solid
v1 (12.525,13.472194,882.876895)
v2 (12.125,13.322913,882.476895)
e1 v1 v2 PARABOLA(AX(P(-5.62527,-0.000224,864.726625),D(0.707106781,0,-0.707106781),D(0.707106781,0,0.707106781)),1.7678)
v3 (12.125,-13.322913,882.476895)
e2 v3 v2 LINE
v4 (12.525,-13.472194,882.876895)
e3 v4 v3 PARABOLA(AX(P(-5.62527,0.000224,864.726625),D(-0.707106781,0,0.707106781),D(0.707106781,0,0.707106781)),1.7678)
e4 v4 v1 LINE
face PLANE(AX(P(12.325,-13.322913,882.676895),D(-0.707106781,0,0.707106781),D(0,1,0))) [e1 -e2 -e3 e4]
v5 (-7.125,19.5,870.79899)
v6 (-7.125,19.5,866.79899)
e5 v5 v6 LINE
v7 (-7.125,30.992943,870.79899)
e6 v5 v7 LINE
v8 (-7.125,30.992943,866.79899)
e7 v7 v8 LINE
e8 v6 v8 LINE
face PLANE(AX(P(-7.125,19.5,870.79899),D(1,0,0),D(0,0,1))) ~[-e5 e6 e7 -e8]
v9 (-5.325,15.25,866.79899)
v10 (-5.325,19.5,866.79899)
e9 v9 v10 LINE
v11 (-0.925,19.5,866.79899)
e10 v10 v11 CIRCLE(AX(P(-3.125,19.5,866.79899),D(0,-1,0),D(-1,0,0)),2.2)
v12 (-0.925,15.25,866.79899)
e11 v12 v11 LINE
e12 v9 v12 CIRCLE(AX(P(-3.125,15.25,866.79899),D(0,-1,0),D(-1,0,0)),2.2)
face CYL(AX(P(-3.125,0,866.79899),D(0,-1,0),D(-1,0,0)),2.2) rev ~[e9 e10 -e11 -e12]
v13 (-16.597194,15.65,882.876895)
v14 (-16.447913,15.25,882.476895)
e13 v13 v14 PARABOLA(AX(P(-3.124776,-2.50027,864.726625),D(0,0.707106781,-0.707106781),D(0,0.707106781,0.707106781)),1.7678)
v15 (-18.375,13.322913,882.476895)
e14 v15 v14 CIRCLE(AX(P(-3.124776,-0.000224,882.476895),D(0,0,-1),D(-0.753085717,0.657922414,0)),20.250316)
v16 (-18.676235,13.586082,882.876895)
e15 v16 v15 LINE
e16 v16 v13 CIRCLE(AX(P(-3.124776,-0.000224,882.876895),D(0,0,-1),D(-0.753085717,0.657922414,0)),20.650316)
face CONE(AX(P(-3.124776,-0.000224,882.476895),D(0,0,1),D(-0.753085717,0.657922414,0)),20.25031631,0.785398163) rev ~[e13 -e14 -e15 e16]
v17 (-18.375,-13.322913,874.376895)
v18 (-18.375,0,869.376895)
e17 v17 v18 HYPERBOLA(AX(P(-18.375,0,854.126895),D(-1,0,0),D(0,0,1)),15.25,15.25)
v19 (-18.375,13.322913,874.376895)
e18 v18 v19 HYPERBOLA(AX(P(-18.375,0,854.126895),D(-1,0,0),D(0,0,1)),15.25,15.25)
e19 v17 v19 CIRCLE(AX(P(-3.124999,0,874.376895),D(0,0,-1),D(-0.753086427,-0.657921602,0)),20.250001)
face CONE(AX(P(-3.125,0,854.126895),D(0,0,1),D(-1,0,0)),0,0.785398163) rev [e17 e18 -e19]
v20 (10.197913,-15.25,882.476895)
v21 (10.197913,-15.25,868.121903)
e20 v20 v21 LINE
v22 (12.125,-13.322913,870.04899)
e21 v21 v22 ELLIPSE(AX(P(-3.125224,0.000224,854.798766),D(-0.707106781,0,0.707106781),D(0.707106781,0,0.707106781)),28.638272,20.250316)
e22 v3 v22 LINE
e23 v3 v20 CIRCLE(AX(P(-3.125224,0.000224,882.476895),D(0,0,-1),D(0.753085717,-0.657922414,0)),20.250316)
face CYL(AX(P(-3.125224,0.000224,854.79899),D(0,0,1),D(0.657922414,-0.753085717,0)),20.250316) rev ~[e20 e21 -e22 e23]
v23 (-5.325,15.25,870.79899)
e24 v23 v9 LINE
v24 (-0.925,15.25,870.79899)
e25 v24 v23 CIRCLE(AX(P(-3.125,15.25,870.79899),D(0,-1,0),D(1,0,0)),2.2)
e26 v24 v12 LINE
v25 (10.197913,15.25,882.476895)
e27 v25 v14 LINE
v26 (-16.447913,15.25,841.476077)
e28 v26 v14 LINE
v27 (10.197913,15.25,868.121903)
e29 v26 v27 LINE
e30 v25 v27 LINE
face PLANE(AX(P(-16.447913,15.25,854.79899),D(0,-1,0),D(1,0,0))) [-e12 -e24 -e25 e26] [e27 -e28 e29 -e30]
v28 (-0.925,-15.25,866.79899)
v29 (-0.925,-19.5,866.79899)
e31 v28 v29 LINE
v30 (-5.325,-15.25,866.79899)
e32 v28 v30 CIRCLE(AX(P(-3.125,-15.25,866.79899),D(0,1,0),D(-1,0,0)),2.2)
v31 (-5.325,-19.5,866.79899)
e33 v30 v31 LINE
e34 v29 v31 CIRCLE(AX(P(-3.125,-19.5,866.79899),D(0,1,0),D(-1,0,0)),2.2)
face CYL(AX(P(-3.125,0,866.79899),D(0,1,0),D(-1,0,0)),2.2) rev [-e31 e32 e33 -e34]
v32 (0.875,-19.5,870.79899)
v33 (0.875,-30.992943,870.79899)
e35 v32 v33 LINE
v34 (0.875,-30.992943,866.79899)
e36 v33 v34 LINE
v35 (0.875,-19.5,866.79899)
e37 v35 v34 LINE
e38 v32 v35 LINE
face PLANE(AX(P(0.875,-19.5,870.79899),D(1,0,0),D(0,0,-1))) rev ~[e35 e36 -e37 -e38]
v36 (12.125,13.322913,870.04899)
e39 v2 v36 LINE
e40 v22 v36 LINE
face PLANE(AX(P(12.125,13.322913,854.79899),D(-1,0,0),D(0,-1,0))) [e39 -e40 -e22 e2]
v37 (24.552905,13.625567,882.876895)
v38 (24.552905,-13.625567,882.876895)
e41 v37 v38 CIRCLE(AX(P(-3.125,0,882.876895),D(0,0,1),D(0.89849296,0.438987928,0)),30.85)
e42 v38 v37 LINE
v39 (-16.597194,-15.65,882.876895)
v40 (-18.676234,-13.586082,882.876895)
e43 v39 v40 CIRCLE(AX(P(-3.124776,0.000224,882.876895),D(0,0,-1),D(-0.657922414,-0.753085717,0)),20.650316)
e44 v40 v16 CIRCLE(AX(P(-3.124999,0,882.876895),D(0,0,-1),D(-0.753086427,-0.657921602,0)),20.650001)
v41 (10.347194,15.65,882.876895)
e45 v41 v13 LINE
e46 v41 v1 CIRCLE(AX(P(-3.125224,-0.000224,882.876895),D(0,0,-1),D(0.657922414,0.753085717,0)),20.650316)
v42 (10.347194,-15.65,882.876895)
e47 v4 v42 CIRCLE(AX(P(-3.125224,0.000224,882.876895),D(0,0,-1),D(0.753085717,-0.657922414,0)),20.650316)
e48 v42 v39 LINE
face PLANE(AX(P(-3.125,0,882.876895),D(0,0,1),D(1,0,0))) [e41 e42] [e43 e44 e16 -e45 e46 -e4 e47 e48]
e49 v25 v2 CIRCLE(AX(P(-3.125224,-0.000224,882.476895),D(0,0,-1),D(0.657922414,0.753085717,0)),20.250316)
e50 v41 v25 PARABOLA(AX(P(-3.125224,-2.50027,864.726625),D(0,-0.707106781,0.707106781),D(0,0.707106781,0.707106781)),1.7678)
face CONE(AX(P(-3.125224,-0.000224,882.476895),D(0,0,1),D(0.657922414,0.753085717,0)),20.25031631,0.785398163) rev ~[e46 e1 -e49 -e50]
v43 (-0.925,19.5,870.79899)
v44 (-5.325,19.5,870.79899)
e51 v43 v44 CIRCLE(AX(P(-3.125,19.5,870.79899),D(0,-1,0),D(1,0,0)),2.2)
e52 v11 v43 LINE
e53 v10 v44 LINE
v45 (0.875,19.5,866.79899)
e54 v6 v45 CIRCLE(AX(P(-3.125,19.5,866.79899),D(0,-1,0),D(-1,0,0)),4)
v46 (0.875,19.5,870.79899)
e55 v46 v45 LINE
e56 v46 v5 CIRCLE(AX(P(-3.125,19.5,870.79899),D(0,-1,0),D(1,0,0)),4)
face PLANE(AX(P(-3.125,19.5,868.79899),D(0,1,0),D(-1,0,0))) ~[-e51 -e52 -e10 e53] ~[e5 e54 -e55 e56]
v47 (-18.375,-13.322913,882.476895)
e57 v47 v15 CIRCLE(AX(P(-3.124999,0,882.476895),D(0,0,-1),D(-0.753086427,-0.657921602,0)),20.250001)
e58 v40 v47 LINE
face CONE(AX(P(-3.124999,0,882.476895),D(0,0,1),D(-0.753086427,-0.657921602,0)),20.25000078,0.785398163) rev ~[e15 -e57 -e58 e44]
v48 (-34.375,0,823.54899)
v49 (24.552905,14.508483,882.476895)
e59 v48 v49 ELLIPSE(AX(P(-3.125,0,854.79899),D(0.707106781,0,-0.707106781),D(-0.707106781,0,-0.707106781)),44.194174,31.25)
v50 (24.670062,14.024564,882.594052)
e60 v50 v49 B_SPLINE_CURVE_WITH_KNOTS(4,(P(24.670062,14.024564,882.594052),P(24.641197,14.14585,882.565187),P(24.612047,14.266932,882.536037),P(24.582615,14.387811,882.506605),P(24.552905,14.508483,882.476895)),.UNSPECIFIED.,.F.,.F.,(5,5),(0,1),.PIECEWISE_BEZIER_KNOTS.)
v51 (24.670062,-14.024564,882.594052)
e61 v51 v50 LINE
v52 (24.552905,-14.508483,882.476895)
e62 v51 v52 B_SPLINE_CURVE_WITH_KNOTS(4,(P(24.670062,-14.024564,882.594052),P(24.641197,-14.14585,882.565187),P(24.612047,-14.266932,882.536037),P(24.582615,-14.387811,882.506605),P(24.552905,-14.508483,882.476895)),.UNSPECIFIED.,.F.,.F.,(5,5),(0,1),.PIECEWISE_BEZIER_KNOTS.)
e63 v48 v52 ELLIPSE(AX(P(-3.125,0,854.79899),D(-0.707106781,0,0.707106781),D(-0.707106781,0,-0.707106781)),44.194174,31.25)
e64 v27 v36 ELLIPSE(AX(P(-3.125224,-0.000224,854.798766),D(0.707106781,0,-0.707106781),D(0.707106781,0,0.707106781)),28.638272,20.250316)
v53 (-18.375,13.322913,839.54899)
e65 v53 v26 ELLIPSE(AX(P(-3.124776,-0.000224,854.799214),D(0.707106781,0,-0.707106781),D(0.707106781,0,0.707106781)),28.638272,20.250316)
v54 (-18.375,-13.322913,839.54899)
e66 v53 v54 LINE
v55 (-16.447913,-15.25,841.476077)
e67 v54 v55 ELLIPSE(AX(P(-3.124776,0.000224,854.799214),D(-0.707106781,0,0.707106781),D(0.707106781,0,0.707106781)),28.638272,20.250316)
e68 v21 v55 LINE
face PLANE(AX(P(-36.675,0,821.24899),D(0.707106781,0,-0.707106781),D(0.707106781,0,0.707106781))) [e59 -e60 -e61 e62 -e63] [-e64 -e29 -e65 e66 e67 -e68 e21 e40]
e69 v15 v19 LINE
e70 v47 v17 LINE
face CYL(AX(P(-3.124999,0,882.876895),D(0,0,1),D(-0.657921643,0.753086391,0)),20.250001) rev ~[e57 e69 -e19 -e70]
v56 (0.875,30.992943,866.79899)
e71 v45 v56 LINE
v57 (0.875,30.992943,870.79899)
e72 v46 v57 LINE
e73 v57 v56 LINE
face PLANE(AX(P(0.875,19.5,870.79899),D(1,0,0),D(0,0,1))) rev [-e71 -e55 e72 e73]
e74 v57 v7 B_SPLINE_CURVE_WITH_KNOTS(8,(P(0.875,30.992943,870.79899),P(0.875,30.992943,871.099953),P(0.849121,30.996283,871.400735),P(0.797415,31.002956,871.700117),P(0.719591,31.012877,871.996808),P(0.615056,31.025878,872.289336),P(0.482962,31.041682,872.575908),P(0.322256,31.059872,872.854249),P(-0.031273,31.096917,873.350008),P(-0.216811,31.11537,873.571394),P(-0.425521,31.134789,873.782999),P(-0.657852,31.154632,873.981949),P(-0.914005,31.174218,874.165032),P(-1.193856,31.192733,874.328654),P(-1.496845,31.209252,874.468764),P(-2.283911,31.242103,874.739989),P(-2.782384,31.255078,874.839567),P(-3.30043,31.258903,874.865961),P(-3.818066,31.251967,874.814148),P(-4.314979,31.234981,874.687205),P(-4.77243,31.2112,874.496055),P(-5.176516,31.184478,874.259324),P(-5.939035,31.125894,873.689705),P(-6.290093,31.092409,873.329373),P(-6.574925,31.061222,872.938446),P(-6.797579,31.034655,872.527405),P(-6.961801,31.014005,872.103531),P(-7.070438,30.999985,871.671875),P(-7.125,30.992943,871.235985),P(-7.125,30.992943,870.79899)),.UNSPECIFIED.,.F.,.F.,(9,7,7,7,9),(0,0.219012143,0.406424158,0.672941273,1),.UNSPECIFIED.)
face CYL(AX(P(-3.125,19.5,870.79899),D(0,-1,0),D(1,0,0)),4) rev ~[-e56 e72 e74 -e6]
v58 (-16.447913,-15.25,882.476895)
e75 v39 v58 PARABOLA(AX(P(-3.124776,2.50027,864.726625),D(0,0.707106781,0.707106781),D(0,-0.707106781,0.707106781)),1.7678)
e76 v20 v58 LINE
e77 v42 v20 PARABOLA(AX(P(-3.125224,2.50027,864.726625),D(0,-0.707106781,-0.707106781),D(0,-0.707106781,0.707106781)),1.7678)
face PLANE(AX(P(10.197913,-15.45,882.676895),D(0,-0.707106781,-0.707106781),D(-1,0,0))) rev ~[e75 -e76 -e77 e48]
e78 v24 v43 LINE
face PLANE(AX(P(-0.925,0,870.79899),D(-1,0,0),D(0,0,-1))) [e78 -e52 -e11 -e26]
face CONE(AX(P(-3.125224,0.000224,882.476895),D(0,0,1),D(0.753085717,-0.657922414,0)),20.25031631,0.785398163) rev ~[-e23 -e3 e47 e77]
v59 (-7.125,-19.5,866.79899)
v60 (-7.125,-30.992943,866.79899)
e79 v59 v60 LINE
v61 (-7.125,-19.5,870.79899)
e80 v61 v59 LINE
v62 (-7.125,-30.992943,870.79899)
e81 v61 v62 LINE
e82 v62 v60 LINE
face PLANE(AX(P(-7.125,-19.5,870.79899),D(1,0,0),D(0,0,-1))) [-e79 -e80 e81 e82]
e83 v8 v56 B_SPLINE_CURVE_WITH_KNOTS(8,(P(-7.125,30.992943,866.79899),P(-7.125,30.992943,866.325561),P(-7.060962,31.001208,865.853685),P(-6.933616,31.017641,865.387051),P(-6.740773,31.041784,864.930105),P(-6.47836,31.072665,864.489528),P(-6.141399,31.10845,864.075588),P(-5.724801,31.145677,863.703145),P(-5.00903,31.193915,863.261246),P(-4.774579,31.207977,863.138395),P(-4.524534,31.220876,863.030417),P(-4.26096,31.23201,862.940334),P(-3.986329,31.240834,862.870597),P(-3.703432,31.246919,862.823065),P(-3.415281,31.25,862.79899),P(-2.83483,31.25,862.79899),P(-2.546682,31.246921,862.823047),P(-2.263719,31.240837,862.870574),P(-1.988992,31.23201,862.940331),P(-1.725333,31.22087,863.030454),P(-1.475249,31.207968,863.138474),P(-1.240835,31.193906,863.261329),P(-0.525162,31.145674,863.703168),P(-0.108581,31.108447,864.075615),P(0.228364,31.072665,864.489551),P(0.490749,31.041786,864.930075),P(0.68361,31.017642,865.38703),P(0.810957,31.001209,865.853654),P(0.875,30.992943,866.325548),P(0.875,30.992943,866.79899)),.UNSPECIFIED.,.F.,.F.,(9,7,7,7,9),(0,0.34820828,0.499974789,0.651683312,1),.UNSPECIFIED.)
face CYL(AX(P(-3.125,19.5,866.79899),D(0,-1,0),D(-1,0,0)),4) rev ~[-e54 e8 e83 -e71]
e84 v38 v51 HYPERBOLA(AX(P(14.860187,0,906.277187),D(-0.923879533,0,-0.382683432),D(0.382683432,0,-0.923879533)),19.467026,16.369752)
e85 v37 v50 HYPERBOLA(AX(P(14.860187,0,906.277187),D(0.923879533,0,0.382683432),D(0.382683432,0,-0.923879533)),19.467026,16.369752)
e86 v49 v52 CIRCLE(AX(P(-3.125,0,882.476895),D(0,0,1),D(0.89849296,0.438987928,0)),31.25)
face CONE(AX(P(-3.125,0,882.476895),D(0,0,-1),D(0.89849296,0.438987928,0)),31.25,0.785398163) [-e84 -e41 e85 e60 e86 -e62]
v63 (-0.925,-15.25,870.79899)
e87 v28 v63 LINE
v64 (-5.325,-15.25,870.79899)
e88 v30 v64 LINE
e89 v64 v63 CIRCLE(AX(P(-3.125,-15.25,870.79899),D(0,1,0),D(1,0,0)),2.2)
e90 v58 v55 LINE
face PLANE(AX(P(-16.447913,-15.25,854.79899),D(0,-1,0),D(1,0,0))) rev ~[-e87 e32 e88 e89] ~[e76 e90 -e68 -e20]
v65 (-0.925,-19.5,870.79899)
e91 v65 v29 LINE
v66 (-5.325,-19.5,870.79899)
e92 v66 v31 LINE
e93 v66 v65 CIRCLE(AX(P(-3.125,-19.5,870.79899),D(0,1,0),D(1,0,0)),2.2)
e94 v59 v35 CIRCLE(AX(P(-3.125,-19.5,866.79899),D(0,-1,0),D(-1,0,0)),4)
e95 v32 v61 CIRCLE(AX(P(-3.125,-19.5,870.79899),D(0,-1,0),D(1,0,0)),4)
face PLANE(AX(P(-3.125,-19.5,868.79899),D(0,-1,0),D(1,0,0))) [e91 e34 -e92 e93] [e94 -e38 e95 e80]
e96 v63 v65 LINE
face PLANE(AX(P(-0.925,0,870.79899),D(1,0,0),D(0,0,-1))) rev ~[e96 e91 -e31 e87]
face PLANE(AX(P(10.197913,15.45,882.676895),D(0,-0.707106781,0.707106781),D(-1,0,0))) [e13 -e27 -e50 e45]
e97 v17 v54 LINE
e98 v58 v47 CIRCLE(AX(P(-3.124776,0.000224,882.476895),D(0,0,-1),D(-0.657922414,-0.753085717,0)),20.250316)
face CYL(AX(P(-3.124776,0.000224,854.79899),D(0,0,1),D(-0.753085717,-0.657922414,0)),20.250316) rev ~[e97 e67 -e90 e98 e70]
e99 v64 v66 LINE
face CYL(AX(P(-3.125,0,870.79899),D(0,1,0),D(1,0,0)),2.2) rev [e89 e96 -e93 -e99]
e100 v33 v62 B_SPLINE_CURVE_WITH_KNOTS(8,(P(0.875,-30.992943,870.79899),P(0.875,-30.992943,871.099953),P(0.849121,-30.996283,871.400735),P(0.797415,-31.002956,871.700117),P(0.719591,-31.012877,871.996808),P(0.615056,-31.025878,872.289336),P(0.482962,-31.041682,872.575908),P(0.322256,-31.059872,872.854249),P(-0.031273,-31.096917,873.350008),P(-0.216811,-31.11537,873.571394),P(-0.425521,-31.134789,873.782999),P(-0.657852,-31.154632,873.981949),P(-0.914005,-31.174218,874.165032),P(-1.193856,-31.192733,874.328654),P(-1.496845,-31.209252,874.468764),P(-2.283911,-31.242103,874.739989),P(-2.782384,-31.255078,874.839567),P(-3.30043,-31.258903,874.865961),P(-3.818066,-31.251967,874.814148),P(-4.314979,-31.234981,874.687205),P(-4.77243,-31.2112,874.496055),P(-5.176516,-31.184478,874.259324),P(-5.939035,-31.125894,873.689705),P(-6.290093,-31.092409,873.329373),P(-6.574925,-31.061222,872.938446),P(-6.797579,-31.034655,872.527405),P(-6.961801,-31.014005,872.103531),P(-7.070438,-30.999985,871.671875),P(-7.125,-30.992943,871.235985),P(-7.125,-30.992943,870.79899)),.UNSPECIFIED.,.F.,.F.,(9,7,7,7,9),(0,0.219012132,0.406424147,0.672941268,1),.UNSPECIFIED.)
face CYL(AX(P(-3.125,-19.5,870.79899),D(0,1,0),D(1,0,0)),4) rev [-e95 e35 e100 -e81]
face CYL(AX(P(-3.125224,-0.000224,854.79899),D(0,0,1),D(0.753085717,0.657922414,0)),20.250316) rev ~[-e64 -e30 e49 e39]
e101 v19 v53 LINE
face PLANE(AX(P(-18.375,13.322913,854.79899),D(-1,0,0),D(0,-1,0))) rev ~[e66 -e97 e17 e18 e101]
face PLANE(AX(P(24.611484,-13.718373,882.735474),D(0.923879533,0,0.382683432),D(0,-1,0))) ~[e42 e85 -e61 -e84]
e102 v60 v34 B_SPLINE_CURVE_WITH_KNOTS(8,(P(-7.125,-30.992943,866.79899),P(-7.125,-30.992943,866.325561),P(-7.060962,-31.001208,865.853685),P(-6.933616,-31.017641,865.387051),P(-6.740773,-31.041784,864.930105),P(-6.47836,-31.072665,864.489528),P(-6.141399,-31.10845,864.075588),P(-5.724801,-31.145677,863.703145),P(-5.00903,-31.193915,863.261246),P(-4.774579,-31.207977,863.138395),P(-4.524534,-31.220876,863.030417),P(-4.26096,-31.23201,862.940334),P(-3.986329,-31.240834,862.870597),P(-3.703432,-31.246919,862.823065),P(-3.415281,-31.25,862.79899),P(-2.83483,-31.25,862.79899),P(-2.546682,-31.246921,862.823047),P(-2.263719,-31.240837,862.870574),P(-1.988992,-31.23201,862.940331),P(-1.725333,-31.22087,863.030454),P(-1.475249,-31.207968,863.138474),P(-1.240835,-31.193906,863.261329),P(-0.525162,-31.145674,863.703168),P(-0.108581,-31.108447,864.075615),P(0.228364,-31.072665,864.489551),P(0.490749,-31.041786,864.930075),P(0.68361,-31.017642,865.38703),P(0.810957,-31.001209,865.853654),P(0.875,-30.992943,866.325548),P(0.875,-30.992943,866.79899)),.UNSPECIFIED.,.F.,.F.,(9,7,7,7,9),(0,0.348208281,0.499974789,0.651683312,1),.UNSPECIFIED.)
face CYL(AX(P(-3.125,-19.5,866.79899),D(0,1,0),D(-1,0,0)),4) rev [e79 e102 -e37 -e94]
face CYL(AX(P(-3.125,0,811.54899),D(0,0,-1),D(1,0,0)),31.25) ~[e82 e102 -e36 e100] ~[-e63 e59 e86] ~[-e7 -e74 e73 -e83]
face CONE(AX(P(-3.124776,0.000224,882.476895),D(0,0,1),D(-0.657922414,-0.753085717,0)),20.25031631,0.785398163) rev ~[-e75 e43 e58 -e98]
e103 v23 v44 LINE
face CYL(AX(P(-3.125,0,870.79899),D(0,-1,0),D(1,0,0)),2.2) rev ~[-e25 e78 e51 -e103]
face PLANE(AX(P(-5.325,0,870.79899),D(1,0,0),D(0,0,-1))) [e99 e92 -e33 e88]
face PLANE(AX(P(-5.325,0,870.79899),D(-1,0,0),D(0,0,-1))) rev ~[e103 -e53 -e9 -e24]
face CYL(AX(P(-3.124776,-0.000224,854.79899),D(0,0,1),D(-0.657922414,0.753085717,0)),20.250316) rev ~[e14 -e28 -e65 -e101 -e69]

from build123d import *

# Parameters (mm, degrees)
CYLINDER010_R        = 31.25
CYLINDER010_DEPTH    = 71.327905
POCKET071_DEPTH      = 43.251
POCKET071_DEPTH_BACK = 28.078905
POCKET084_DEPTH      = 8.5
POCKET085_DEPTH      = 31.251
POCKET085_DEPTH_BACK = 31.251
GROOVE_ANGLE         = -90
POCKET192_DEPTH      = 220.995838
CHAMFER003_SIZE      = 0.4


with BuildPart() as part:
    # Cylinder010 → Cylinder010 (join)
    with BuildSketch(Plane.XY.offset(-43.25)):
        Circle(CYLINDER010_R)
    extrude(amount=CYLINDER010_DEPTH)

    # Sketch132 → Pocket071 (cut, two sides)
    with BuildSketch(Plane.XY) as pocket071_sk:
        with BuildLine():
            Line((-13.322913, 15.25), (13.322913, 15.25))
            ThreePointArc((15.25, 13.322913), (14.318912, 14.318912), (13.322913, 15.25))
            Line((15.25, 13.322913), (15.25, -13.322913))
            ThreePointArc((13.322913, -15.25), (14.318912, -14.318912), (15.25, -13.322913))
            Line((-13.322913, -15.25), (13.322913, -15.25))
            ThreePointArc((-15.25, -13.322913), (-14.318912, -14.318912), (-13.322913, -15.25))
            Line((-15.25, 13.322913), (-15.25, -13.322913))
            ThreePointArc((-13.322913, 15.25), (-14.318912, 14.318912), (-15.25, 13.322913))
        make_face()
    extrude(amount=-POCKET071_DEPTH, mode=Mode.SUBTRACT)
    extrude(pocket071_sk.sketch, amount=POCKET071_DEPTH_BACK, mode=Mode.SUBTRACT)

    # Sketch140 → Pocket084 (cut)
    with BuildSketch(Plane.XY.offset(28.077905)):
        with BuildLine():
            ThreePointArc((-13.322913, 15.25), (-20.25, 0), (-13.322913, -15.25))
            Line((-13.322913, 15.25), (-13.322913, -15.25))
        make_face()
    extrude(amount=-POCKET084_DEPTH, mode=Mode.SUBTRACT)

    # Sketch130 → Pocket085 (cut, two sides)
    with BuildSketch(Plane.XZ) as pocket085_sk:
        Polygon((-33.55, -33.55), (33.55, 33.55), (33.55, -61.55), (-33.55, -61.55), align=None)
        with BuildLine():
            ThreePointArc((2.2, 16), (0, 18.2), (-2.2, 16))
            Line((-2.2, 16), (-2.2, 12))
            ThreePointArc((-2.2, 12), (0, 9.8), (2.2, 12))
            Line((2.2, 16), (2.2, 12))
        make_face()
    extrude(amount=-POCKET085_DEPTH, mode=Mode.SUBTRACT)
    extrude(pocket085_sk.sketch, amount=POCKET085_DEPTH_BACK, mode=Mode.SUBTRACT)

    # Sketch → Groove (revolve, symmetric, cut)
    with BuildSketch(Plane.XZ) as groove_sk:
        Polygon((-20.25, 19.577905), (0, 19.577905), (0, -0.672095), align=None)
    revolve(axis=Axis((0, 0, 0), (0, 0, 1)), revolution_arc=GROOVE_ANGLE / 2, mode=Mode.SUBTRACT)
    revolve(groove_sk.sketch, axis=Axis((0, 0, 0), (0, 0, -1)), revolution_arc=GROOVE_ANGLE / 2, mode=Mode.SUBTRACT)

    # Sketch131 → Pocket192 (cut, through all)
    with BuildSketch(Plane.XZ.offset(19.5)):
        with BuildLine():
            ThreePointArc((4, 16), (0, 20), (-4, 16))
            Line((-4, 16), (-4, 12))
            ThreePointArc((-4, 12), (0, 8), (4, 12))
            Line((4, 16), (4, 12))
        make_face()
    pocket192 = extrude(amount=POCKET192_DEPTH, mode=Mode.SUBTRACT)

    # Mirrored009: Pocket192 across XZ
    add(pocket192.mirror(Plane.XZ), mode=Mode.SUBTRACT)

    # Chamfer003
    chamfer003_edges = [part.edges().sort_by_distance(p)[0] for p in [
        (-31.25, 0, 28.077905),
        (28.077905, 0, 28.077905),
        (14.318912, -14.318912, 28.077905),
        (15.25, 0, 28.077905),
        (14.318912, 14.318912, 28.077905),
        (0, 15.25, 28.077905),
        (-14.318912, 14.318912, 28.077905),
        (-20.25, 0, 28.077905),
        (-14.318912, -14.318912, 28.077905),
        (0, -15.25, 28.077905),
    ]]
    chamfer(chamfer003_edges, length=CHAMFER003_SIZE)


with BuildPart() as part_1:
    # Body022026 placement: moved
    add(part.part.moved(Location((-3.125, 0, 854.79899))))


solid = part_1.part
